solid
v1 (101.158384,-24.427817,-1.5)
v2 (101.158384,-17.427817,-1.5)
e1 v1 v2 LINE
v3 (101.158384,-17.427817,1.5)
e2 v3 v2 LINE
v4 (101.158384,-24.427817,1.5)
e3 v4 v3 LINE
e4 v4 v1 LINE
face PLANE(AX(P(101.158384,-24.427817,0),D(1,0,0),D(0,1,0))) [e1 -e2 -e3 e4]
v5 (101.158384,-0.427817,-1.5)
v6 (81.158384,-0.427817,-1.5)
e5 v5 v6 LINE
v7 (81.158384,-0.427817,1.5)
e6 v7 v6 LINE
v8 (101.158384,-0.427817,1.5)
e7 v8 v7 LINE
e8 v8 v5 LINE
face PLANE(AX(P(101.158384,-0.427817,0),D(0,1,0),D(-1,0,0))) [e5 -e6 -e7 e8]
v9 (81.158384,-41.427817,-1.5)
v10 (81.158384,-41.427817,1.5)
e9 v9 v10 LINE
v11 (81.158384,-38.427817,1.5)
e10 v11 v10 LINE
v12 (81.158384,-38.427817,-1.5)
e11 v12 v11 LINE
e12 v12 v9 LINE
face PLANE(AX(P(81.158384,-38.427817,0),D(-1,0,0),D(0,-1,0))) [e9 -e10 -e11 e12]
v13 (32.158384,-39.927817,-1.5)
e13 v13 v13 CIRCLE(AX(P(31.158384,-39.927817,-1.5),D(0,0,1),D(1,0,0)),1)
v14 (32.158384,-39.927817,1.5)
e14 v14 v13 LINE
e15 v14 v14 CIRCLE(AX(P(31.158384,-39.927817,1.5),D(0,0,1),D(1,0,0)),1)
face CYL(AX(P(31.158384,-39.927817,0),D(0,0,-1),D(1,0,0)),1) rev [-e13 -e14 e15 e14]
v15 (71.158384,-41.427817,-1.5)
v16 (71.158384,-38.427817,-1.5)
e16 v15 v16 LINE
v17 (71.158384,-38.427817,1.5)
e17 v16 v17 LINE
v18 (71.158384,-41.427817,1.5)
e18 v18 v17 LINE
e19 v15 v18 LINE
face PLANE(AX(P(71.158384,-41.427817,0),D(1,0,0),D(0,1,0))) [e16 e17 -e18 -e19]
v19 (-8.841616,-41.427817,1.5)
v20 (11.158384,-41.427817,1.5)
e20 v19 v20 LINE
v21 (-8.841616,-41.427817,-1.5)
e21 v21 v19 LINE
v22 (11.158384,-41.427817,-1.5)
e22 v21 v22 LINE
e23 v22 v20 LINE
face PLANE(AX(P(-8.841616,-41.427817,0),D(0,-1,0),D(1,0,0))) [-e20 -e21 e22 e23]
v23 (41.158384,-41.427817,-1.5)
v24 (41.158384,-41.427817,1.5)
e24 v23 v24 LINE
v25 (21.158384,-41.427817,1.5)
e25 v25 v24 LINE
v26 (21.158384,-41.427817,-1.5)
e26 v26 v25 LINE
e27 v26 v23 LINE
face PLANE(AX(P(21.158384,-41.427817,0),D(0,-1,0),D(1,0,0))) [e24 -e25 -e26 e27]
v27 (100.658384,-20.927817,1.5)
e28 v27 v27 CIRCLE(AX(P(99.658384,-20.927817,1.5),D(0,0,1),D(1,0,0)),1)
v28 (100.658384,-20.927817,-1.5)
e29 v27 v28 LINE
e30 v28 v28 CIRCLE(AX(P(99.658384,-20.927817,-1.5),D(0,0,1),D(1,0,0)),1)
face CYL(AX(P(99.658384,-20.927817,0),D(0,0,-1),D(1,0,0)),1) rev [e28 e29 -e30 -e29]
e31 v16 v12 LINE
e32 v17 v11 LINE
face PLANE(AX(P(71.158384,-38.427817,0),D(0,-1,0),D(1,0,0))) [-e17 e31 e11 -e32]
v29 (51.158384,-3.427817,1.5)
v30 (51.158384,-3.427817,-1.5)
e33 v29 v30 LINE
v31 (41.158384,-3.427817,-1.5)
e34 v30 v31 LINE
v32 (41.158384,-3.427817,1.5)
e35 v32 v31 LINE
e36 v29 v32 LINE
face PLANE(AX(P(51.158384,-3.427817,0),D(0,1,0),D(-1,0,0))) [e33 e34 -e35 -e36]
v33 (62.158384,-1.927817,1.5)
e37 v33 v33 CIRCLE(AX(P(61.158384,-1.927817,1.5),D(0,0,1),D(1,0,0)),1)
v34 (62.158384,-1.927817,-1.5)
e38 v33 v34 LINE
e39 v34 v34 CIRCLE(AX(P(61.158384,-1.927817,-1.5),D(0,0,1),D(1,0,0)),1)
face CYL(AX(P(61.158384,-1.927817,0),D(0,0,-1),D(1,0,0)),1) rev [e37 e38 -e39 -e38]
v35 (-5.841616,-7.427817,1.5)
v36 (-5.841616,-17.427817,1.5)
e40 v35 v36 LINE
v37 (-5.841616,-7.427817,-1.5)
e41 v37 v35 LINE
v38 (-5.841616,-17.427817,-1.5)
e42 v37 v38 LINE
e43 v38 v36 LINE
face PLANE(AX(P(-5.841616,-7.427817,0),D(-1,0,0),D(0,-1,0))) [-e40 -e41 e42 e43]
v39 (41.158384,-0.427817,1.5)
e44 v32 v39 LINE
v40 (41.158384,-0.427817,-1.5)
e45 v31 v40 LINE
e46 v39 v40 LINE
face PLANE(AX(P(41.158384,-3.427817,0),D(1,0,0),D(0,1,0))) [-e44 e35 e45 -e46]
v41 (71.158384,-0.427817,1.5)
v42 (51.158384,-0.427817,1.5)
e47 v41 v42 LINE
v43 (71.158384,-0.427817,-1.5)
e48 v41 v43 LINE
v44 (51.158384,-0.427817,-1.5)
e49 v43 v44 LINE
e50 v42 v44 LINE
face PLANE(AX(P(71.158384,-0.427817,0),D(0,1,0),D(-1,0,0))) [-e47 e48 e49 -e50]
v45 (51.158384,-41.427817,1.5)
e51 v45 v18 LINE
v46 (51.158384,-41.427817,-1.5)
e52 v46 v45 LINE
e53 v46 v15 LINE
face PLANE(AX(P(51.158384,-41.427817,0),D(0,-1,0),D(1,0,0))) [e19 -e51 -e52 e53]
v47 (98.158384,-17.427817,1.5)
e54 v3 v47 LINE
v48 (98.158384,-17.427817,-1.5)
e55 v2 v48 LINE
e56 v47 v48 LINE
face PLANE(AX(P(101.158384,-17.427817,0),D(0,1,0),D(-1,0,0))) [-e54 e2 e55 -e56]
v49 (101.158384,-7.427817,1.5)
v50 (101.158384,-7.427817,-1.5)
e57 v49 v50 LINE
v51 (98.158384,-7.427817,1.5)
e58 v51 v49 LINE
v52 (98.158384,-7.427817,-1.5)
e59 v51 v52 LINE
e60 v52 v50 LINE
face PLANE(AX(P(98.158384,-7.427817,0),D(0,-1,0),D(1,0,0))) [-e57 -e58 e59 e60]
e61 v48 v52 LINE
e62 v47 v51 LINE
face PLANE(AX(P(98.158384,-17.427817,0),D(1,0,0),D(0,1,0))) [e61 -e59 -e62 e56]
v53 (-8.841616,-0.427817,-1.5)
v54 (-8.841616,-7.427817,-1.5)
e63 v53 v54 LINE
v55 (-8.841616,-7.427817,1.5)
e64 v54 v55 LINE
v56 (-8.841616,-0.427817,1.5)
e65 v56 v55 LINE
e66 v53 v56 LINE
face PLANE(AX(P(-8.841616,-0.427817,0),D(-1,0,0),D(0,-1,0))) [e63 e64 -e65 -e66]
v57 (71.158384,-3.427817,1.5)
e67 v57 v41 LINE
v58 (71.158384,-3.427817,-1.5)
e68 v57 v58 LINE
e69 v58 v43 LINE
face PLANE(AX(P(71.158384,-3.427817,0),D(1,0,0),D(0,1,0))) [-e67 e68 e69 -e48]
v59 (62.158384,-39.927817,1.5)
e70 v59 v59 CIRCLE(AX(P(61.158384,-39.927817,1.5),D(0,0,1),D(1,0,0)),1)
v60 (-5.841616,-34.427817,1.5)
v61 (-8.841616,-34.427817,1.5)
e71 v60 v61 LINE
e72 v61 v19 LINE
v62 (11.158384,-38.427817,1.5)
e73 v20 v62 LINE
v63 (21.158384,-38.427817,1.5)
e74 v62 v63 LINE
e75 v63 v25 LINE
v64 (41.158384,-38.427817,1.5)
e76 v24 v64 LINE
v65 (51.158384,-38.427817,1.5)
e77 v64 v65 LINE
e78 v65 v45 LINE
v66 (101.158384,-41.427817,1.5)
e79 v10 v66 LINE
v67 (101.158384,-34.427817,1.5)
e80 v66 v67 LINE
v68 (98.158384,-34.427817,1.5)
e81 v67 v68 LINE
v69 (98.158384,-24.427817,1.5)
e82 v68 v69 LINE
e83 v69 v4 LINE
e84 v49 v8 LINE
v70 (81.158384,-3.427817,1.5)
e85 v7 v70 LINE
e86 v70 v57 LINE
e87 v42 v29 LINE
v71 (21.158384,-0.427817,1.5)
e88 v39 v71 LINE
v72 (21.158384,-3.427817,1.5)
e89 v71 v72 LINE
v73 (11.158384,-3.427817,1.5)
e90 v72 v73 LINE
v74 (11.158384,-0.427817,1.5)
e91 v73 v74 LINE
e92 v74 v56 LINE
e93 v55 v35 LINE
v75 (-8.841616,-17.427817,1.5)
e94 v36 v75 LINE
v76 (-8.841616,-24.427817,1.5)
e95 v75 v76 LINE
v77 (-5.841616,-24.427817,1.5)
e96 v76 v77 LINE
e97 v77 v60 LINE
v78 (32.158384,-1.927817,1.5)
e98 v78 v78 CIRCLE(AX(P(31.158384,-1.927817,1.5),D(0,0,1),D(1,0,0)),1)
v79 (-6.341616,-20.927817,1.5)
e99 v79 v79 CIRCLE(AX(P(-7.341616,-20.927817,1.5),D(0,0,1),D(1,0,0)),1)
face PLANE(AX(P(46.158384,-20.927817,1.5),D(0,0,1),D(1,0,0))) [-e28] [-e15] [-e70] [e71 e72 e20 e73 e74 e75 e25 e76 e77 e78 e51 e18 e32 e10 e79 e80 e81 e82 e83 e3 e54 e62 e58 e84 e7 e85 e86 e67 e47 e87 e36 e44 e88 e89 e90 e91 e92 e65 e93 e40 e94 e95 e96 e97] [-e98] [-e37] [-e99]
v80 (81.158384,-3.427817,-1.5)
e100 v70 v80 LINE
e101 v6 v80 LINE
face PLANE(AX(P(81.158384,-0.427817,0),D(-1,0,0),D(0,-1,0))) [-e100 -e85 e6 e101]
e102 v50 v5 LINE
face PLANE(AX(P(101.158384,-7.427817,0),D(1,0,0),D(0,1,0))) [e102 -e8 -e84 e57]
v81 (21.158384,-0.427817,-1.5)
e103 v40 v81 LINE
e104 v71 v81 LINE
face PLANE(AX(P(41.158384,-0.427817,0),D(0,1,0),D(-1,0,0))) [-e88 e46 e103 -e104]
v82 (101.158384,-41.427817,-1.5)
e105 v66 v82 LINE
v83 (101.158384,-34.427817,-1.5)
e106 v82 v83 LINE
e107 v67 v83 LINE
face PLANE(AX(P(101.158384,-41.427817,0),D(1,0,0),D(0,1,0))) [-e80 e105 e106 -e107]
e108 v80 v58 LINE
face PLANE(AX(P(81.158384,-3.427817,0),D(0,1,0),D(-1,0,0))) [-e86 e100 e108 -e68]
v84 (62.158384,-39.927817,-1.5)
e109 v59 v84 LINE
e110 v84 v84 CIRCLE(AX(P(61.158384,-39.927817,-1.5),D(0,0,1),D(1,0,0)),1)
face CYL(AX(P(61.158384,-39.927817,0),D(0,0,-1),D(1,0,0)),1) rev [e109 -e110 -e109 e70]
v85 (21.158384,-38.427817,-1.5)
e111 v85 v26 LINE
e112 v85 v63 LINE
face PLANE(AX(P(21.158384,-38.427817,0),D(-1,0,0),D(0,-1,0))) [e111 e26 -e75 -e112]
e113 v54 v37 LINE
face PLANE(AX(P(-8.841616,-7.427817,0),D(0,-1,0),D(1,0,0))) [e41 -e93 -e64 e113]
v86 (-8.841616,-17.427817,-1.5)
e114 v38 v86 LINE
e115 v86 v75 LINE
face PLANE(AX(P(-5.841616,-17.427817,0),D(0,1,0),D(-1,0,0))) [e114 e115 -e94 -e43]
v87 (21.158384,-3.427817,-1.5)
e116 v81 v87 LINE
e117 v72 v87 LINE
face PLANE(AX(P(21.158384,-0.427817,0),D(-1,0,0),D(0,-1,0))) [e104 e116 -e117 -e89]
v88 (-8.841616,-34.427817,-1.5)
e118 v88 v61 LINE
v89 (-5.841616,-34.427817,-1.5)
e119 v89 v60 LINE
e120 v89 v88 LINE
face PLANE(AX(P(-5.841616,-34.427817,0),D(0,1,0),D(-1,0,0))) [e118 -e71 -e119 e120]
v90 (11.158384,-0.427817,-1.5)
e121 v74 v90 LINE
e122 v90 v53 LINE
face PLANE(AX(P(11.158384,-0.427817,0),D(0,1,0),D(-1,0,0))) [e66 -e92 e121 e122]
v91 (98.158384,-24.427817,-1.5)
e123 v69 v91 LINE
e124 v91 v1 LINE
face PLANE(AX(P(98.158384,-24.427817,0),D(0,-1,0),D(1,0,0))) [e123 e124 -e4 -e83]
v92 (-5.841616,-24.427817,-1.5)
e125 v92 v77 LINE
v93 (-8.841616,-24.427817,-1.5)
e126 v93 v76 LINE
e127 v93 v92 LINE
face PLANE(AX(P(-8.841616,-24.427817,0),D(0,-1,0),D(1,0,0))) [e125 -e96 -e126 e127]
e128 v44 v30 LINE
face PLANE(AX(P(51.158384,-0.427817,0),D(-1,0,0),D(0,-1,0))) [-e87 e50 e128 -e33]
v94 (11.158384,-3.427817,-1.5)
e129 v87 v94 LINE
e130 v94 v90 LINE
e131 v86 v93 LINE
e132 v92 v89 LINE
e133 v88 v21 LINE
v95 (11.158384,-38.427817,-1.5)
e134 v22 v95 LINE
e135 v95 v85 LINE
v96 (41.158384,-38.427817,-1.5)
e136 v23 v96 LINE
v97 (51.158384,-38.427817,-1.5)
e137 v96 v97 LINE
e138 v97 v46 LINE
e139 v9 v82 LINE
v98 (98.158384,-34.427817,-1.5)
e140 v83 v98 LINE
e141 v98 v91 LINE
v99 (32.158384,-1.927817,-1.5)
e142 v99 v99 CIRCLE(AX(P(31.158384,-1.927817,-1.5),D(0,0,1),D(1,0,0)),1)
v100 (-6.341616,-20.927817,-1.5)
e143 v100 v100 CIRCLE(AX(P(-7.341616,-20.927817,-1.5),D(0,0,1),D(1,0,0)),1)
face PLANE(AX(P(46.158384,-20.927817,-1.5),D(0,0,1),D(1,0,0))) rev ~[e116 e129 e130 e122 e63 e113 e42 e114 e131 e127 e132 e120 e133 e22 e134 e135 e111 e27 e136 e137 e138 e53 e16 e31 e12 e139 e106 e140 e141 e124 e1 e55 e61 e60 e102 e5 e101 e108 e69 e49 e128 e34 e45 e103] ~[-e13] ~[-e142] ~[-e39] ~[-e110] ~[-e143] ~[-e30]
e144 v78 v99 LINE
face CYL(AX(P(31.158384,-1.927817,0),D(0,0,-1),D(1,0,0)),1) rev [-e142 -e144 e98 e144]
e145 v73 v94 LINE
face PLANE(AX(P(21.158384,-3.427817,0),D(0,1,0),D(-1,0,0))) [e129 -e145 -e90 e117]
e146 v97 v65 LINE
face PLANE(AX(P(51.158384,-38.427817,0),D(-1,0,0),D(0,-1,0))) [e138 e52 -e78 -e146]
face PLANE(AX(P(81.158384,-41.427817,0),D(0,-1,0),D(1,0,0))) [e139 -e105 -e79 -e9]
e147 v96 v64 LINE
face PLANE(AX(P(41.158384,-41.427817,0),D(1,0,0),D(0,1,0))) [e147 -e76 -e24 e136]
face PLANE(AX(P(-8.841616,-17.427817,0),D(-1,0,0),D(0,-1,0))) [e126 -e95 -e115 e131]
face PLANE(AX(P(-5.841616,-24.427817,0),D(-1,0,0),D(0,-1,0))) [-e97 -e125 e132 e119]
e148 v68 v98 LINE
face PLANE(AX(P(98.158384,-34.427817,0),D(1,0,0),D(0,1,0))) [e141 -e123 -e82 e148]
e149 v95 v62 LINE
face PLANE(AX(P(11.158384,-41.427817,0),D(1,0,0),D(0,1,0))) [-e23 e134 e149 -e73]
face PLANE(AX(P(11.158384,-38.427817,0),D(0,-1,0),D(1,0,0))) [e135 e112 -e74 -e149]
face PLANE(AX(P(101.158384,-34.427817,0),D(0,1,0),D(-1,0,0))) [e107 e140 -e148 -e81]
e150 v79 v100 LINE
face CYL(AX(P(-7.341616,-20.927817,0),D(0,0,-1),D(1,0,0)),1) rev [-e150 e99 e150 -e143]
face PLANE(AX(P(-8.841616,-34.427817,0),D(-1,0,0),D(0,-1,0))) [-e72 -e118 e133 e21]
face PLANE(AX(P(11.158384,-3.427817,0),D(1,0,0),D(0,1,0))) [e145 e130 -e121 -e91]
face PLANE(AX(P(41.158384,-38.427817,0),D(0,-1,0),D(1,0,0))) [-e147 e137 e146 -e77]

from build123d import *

# Parameters (mm, degrees)
F0_R     = 1
F1_DEPTH = 1.5


with BuildPart() as f1:
    # F0 (on Top) → F1 (new body, symmetric)
    with BuildSketch(Plane.XY):
        Polygon((11.158384, -0.427817), (-8.841616, -0.427817), (-8.841616, -7.427817), (-5.841616, -7.427817), (-5.841616, -17.427817), (-8.841616, -17.427817), (-8.841616, -24.427817), (-5.841616, -24.427817), (-5.841616, -34.427817), (-8.841616, -34.427817), (-8.841616, -41.427817), (11.158384, -41.427817), (11.158384, -38.427817), (21.158384, -38.427817), (21.158384, -41.427817), (41.158384, -41.427817), (41.158384, -38.427817), (51.158384, -38.427817), (51.158384, -41.427817), (71.158384, -41.427817), (71.158384, -38.427817), (81.158384, -38.427817), (81.158384, -41.427817), (101.158384, -41.427817), (101.158384, -34.427817), (98.158384, -34.427817), (98.158384, -24.427817), (101.158384, -24.427817), (101.158384, -17.427817), (98.158384, -17.427817), (98.158384, -7.427817), (101.158384, -7.427817), (101.158384, -0.427817), (81.158384, -0.427817), (81.158384, -3.427817), (71.158384, -3.427817), (71.158384, -0.427817), (51.158384, -0.427817), (51.158384, -3.427817), (41.158384, -3.427817), (41.158384, -0.427817), (21.158384, -0.427817), (21.158384, -3.427817), (11.158384, -3.427817), align=None)
        with Locations((31.158384, -39.927817)):
            Circle(F0_R, mode=Mode.SUBTRACT)
        with Locations((61.158384, -39.927817)):
            Circle(F0_R, mode=Mode.SUBTRACT)
        with Locations((99.658384, -20.927817)):
            Circle(F0_R, mode=Mode.SUBTRACT)
        with Locations((-7.341616, -20.927817)):
            Circle(F0_R, mode=Mode.SUBTRACT)
        with Locations((31.158384, -1.927817)):
            Circle(F0_R, mode=Mode.SUBTRACT)
        with Locations((61.158384, -1.927817)):
            Circle(F0_R, mode=Mode.SUBTRACT)
    extrude(amount=F1_DEPTH, both=True)


solid = f1.part
